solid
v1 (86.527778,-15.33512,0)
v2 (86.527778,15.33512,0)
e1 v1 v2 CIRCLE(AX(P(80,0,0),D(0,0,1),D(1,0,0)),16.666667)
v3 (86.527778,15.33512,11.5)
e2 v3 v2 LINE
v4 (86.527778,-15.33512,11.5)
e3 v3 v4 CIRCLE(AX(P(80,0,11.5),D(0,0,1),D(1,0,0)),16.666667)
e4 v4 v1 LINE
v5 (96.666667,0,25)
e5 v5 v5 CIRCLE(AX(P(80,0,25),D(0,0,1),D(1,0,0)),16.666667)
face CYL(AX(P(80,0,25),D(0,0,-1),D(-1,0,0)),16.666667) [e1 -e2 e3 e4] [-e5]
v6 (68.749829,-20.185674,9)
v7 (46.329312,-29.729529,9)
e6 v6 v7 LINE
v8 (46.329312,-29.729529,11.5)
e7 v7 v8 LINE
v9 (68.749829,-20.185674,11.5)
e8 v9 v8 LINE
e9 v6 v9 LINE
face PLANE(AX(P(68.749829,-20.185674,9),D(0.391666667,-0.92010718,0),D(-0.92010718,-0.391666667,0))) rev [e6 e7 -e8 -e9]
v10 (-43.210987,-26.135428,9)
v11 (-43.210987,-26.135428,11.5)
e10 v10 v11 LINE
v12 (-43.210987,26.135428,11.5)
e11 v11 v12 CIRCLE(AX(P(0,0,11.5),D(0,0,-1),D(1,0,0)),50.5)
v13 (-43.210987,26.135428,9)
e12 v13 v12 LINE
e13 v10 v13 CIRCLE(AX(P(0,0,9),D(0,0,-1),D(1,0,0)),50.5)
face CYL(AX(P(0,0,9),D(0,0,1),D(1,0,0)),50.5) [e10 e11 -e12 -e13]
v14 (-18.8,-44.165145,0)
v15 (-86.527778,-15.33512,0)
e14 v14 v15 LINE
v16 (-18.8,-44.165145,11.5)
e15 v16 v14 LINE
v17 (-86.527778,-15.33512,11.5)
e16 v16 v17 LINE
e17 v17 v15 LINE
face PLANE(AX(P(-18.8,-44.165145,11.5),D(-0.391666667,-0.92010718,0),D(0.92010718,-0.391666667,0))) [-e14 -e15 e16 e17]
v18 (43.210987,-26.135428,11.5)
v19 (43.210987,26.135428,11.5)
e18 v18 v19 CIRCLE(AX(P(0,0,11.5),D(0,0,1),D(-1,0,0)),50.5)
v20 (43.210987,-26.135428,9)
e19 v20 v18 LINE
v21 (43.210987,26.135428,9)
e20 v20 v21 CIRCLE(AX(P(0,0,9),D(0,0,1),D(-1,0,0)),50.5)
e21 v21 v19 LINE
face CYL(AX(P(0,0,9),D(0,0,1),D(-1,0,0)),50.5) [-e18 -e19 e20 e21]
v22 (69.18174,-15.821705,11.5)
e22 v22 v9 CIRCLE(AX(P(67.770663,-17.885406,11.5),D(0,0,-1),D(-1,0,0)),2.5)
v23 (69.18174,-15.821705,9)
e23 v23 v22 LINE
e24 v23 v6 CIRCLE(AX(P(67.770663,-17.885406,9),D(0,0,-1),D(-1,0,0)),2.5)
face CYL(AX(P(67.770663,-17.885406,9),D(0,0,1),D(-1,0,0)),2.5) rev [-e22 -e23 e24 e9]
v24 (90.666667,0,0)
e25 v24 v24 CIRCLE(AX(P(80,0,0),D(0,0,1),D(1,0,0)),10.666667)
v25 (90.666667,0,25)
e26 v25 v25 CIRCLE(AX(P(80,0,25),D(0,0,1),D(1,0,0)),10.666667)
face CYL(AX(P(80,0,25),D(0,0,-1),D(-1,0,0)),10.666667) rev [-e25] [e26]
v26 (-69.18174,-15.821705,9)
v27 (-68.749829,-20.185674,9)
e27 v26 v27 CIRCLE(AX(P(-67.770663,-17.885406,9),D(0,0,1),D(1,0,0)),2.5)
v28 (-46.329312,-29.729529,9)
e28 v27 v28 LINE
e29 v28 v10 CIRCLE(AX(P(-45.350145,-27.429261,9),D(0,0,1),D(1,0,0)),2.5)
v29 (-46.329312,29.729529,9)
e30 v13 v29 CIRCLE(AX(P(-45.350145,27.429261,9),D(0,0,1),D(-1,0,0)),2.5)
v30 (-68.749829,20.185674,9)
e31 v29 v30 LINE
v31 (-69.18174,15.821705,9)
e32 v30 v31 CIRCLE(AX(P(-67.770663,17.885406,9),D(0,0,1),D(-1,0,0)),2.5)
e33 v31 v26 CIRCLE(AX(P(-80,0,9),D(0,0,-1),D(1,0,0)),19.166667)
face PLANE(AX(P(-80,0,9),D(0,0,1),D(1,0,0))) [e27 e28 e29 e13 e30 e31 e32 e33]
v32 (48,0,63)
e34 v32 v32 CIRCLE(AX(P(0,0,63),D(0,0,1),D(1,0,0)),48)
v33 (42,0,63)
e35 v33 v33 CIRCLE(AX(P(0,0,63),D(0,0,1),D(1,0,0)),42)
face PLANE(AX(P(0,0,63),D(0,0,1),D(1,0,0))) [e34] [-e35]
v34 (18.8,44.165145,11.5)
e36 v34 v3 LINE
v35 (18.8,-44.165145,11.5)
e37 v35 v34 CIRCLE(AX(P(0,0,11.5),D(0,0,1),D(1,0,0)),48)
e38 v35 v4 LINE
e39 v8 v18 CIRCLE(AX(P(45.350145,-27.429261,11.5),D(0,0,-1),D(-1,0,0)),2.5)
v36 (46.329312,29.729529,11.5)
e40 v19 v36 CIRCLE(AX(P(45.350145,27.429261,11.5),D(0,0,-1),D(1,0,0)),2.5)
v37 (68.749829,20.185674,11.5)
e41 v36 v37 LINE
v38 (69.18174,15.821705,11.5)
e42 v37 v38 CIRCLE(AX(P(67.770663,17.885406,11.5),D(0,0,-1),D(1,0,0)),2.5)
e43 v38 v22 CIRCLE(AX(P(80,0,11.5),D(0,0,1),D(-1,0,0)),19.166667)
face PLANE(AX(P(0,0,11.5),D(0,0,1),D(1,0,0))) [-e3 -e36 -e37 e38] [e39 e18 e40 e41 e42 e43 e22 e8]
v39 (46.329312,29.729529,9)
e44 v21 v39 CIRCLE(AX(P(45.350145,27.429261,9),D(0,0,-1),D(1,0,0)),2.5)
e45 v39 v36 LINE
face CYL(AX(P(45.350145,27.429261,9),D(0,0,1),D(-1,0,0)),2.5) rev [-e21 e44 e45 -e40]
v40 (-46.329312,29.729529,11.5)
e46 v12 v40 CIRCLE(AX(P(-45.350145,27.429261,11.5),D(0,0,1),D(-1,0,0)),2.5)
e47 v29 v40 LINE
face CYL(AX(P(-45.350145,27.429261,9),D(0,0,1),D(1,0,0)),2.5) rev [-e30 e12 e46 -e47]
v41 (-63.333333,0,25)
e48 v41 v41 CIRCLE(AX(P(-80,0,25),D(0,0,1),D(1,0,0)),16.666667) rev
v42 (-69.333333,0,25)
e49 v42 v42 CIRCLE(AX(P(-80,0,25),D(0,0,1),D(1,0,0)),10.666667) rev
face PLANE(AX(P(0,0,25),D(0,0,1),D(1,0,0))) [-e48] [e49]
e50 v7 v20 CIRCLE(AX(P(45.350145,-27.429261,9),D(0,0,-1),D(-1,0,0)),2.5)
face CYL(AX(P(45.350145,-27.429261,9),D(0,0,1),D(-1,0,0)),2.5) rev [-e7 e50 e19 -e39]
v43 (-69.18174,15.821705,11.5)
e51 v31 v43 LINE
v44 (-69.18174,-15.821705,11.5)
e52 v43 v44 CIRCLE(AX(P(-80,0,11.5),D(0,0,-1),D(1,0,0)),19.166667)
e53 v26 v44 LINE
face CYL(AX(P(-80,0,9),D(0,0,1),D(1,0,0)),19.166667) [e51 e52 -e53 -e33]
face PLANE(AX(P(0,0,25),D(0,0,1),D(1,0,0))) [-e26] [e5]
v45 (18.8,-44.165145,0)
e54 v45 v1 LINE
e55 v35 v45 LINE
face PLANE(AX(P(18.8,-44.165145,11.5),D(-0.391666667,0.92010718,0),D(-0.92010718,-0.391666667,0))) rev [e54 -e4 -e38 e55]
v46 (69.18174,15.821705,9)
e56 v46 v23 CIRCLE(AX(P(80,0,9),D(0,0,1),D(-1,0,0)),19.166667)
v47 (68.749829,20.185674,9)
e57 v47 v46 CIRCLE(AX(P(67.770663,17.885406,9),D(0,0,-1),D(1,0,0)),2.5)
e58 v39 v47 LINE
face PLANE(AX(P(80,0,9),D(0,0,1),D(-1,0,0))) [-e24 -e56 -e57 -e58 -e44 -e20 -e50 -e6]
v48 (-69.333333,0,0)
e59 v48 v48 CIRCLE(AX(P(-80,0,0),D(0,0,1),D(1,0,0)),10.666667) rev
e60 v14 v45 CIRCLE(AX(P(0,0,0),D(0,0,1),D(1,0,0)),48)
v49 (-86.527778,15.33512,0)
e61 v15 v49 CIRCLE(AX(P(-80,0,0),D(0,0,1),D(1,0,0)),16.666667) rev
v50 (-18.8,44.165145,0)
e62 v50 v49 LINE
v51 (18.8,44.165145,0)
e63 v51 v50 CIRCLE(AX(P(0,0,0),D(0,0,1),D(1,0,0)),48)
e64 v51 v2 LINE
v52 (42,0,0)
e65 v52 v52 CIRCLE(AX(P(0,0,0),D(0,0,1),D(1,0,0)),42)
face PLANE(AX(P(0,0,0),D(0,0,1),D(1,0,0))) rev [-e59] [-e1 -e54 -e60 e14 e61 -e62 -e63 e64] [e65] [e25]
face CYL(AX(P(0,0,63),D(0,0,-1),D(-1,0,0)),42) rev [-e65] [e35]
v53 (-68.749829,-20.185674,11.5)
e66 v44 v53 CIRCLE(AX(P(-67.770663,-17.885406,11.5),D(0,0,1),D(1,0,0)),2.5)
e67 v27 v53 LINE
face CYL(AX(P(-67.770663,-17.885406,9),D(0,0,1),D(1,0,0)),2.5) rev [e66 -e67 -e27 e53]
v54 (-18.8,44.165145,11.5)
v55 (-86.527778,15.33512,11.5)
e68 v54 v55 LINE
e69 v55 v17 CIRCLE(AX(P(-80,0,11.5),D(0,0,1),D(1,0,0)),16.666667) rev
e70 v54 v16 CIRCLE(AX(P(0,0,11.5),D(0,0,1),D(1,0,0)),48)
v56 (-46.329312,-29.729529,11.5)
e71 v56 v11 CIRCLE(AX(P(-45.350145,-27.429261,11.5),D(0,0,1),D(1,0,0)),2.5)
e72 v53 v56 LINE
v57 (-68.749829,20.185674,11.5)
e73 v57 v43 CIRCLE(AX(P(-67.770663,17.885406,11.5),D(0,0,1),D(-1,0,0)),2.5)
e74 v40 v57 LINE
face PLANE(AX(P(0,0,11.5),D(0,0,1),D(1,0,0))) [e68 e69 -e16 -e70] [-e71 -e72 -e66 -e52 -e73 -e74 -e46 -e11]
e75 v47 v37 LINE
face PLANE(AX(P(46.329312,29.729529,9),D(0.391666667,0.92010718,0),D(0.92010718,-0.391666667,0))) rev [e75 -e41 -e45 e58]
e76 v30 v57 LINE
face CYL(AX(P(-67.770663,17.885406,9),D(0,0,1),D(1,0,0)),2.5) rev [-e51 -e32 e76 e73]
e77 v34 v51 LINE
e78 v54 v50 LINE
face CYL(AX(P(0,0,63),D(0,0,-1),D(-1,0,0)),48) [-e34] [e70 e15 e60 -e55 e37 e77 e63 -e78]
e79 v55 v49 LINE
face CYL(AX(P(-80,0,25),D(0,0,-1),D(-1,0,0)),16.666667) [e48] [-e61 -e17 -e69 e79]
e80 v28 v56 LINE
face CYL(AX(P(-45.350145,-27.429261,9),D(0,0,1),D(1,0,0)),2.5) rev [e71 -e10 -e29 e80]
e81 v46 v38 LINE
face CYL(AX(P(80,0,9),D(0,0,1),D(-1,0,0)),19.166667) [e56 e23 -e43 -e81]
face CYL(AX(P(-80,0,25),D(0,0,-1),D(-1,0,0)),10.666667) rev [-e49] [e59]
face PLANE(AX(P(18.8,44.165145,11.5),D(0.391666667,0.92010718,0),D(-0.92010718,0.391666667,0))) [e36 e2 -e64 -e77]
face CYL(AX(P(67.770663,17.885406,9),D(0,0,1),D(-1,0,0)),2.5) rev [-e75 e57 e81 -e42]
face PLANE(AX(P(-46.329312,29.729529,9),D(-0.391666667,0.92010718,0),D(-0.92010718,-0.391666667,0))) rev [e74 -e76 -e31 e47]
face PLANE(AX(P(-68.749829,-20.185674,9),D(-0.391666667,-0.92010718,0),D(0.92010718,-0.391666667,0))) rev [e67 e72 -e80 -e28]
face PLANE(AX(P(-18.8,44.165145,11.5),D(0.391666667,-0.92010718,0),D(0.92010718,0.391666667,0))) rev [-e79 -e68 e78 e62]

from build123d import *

# Parameters (mm, degrees)
BOSS_EXTRUDE1_DEPTH   = 11.5
BOSS_EXTRUDE1_2_DEPTH = 11.5
CUT_EXTRUDE1_DEPTH    = 2.5
SKETCH1_4_R           = 16.666666667
SKETCH1_4_R_2         = 10.666666667
BOSS_EXTRUDE2_DEPTH   = 25
SKETCH1_5_R           = 42
BOSS_EXTRUDE3_DEPTH   = 63


with BuildPart() as part:
    # Sketch1 → Boss-Extrude1 (new body)
    with BuildSketch(Plane.XY):
        with BuildLine():
            ThreePointArc((18.8, 44.165144628), (48, 0), (18.8, -44.165144628))
            Line((18.8, -44.165144628), (86.527777778, -15.335119662))
            ThreePointArc((86.527777778, -15.335119662), (63.333333333, 0), (86.527777778, 15.335119662))
            Line((86.527777778, 15.335119662), (18.8, 44.165144628))
        make_face()
    extrude(amount=BOSS_EXTRUDE1_DEPTH)


with BuildPart() as body_2:
    # Sketch1 → Boss-Extrude1 2 (new body)
    with BuildSketch(Plane.XY):
        with BuildLine():
            Line((-86.527777778, -15.335119662), (-18.8, -44.165144628))
            ThreePointArc((-18.8, -44.165144628), (-48, 0), (-18.8, 44.165144628))
            Line((-18.8, 44.165144628), (-86.527777778, 15.335119662))
            ThreePointArc((-86.527777778, 15.335119662), (-63.333333333, 0), (-86.527777778, -15.335119662))
        make_face()
    extrude(amount=BOSS_EXTRUDE1_2_DEPTH)

    # Sketch2 → Cut-Extrude1 (cut)
    with BuildSketch(Plane.XY.offset(11.5)):
        with BuildLine():
            Line((-46.329311604, 29.72952886), (-68.749829189, 20.185673992))
            ThreePointArc((-68.749829189, 20.185673992), (-70.258507425, 18.131633045), (-69.181739923, 15.821705345))
            ThreePointArc((-69.181739923, 15.821705345), (-60.833333333, 0), (-69.181739923, -15.821705345))
            ThreePointArc((-69.181739923, -15.821705345), (-70.258507425, -18.131633045), (-68.749829189, -20.185673992))
            Line((-68.749829189, -20.185673992), (-46.329311604, -29.72952886))
            ThreePointArc((-46.329311604, -29.72952886), (-43.461816215, -29.067618209), (-43.210987158, -26.135427849))
            ThreePointArc((-43.210987158, -26.135427849), (-50.5, 0), (-43.210987158, 26.135427849))
            ThreePointArc((-43.210987158, 26.135427849), (-43.461816215, 29.067618209), (-46.329311604, 29.72952886))
        make_face()
    cut_extrude1 = extrude(amount=-CUT_EXTRUDE1_DEPTH, mode=Mode.SUBTRACT)


with BuildPart() as part_1:
    add(part.part)

    # Mirror1: Cut-Extrude1 across plane
    add(cut_extrude1.mirror(Plane(origin=(0, 0, 0), x_dir=(0, 0, 1), z_dir=(1, 0, 0))), mode=Mode.SUBTRACT)

    add(body_2.part)  # Boss-Extrude2 merges body 2
    # Sketch1<4> → Boss-Extrude2 (add)
    # profile 1 of 2: a face of its own
    with BuildSketch(Plane.XY):
        with Locations((80, 0)):
            Circle(SKETCH1_4_R)
        with Locations((80, 0)):
            Circle(SKETCH1_4_R_2, mode=Mode.SUBTRACT)
    # profile 2 of 2: a face of its own
    with BuildSketch(Plane.XY):
        with Locations((-80, 0)):
            Circle(SKETCH1_4_R)
        with Locations((-80, 0)):
            Circle(SKETCH1_4_R_2, mode=Mode.SUBTRACT)
    extrude(amount=BOSS_EXTRUDE2_DEPTH)

    # Sketch1<5> → Boss-Extrude3 (add)
    with BuildSketch(Plane.XY):
        with BuildLine():
            ThreePointArc((-18.8, -44.165144628), (0, -48), (18.8, -44.165144628))
            ThreePointArc((18.8, -44.165144628), (40.03998002, -26.472627372), (48, 0))
            ThreePointArc((48, 0), (40.03998002, 26.472627372), (18.8, 44.165144628))
            ThreePointArc((18.8, 44.165144628), (0, 48), (-18.8, 44.165144628))
            ThreePointArc((-18.8, 44.165144628), (-48, 0), (-18.8, -44.165144628))
        make_face()
        Circle(SKETCH1_5_R, mode=Mode.SUBTRACT)
    extrude(amount=BOSS_EXTRUDE3_DEPTH)


solid = part_1.part
